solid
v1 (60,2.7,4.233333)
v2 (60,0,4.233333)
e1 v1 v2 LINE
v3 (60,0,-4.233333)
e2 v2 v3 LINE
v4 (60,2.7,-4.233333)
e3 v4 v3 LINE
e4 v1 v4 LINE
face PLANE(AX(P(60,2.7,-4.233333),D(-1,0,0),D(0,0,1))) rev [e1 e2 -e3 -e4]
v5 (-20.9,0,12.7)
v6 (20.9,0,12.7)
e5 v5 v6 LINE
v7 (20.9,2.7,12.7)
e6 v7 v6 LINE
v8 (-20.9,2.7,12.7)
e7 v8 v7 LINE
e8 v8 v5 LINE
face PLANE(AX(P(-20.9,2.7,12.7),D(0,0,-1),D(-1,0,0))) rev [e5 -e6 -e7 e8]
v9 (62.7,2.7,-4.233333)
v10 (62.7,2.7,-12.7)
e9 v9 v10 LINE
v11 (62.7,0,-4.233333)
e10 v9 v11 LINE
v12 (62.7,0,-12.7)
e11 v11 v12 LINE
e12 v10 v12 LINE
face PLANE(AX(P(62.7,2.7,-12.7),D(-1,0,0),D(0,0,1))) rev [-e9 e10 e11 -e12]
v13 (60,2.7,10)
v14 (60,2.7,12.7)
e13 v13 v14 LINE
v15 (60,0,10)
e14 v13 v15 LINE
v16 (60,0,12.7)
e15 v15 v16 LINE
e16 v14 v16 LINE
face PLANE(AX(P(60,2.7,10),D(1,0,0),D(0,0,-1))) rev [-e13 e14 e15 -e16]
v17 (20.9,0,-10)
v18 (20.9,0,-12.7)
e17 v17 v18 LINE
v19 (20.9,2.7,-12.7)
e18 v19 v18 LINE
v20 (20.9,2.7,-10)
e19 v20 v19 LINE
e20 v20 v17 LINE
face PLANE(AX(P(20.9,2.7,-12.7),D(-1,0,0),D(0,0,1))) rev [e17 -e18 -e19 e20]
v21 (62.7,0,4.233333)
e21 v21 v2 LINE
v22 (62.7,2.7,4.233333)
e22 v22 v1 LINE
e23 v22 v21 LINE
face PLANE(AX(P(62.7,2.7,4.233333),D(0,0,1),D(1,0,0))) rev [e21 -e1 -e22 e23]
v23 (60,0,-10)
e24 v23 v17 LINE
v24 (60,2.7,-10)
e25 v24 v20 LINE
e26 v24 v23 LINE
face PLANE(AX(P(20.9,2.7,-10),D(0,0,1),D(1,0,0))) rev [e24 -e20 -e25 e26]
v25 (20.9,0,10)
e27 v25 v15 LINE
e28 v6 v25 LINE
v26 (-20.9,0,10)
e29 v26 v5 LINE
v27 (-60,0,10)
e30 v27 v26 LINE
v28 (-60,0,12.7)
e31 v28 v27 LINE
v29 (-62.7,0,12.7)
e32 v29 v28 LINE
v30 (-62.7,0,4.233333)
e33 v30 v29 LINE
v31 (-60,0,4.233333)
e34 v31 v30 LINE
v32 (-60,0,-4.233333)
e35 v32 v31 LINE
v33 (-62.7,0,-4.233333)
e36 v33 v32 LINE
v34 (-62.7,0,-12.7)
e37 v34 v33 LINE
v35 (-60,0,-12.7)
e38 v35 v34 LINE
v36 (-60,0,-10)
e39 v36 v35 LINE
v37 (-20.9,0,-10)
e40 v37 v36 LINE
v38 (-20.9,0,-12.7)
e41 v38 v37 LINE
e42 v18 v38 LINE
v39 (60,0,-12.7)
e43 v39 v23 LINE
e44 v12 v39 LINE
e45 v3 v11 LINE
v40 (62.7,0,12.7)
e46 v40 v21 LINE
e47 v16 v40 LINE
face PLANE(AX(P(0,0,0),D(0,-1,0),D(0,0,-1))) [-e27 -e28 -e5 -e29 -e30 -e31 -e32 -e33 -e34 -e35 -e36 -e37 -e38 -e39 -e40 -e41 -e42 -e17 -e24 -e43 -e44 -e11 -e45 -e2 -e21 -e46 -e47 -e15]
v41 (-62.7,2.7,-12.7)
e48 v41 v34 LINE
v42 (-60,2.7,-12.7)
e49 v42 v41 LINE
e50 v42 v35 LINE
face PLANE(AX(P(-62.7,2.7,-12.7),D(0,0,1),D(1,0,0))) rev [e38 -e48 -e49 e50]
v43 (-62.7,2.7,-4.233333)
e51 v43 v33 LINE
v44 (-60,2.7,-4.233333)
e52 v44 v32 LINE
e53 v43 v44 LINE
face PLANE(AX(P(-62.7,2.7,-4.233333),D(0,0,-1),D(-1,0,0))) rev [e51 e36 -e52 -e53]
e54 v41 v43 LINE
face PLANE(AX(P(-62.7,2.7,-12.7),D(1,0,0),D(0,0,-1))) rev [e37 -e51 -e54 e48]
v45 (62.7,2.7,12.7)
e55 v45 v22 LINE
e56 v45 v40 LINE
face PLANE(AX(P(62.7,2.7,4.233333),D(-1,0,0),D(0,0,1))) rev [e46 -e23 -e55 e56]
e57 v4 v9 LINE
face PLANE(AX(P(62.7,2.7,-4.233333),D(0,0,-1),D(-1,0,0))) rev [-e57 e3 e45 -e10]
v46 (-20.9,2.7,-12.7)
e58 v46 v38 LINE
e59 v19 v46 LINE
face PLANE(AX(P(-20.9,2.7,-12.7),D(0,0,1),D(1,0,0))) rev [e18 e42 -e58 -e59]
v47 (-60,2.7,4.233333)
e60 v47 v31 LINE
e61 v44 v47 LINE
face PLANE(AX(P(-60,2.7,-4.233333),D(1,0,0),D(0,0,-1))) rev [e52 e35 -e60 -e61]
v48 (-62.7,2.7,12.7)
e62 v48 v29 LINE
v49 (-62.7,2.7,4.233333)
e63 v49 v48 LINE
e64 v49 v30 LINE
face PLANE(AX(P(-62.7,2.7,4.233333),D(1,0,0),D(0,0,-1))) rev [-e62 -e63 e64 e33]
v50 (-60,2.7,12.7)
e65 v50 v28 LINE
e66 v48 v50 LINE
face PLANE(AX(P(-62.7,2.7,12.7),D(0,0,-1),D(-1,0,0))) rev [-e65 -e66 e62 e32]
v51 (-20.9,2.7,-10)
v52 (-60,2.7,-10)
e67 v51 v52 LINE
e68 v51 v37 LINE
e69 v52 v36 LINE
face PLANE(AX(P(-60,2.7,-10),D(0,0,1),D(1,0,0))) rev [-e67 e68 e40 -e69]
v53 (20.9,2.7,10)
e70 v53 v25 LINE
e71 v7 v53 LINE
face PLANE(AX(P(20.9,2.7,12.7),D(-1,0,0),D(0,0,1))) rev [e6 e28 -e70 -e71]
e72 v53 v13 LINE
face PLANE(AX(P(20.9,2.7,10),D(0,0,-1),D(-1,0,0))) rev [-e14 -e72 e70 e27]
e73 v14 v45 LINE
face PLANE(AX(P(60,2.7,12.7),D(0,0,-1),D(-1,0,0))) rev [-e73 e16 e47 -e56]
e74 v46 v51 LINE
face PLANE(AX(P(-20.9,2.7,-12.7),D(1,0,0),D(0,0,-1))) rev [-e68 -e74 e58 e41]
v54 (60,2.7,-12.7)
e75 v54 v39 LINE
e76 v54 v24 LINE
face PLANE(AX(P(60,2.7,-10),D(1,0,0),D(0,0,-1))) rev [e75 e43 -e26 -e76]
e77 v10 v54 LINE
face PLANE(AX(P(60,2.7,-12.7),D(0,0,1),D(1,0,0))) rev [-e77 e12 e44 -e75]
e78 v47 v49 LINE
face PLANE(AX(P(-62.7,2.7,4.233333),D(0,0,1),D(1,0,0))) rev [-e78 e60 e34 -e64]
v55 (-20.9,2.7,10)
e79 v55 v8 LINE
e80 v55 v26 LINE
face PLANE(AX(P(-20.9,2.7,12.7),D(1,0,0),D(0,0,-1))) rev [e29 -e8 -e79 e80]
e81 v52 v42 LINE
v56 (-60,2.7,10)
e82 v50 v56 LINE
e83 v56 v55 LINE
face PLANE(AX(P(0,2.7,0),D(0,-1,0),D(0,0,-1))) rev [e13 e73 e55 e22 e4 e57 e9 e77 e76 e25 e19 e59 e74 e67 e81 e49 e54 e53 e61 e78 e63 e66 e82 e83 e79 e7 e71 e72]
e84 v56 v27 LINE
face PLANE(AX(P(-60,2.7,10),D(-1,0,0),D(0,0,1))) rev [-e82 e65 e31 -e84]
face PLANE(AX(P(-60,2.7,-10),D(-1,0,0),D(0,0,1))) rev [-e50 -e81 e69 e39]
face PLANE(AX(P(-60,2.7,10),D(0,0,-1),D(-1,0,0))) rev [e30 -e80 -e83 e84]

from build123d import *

# Parameters (mm, degrees)
BOSS_EXTRUDE1_DEPTH = 2.7


with BuildPart() as part:
    # Sketch1 → Boss-Extrude1 (new body)
    with BuildSketch(Plane(origin=(0, 0, 0), x_dir=(1, 0, 0), z_dir=(0, 1, 0))):
        Polygon((-62.7, 12.7), (-60, 12.7), (-60, 10), (-20.9, 10), (-20.9, 12.7), (20.9, 12.7), (20.9, 10), (60, 10), (60, 12.7), (62.7, 12.7), (62.7, 4.233333333), (60, 4.233333333), (60, -4.233333333), (62.7, -4.233333333), (62.7, -12.7), (60, -12.7), (60, -10), (20.9, -10), (20.9, -12.7), (-20.9, -12.7), (-20.9, -10), (-60, -10), (-60, -12.7), (-62.7, -12.7), (-62.7, -4.233333333), (-60, -4.233333333), (-60, 4.233333333), (-62.7, 4.233333333), align=None)
    extrude(amount=BOSS_EXTRUDE1_DEPTH)


solid = part.part
